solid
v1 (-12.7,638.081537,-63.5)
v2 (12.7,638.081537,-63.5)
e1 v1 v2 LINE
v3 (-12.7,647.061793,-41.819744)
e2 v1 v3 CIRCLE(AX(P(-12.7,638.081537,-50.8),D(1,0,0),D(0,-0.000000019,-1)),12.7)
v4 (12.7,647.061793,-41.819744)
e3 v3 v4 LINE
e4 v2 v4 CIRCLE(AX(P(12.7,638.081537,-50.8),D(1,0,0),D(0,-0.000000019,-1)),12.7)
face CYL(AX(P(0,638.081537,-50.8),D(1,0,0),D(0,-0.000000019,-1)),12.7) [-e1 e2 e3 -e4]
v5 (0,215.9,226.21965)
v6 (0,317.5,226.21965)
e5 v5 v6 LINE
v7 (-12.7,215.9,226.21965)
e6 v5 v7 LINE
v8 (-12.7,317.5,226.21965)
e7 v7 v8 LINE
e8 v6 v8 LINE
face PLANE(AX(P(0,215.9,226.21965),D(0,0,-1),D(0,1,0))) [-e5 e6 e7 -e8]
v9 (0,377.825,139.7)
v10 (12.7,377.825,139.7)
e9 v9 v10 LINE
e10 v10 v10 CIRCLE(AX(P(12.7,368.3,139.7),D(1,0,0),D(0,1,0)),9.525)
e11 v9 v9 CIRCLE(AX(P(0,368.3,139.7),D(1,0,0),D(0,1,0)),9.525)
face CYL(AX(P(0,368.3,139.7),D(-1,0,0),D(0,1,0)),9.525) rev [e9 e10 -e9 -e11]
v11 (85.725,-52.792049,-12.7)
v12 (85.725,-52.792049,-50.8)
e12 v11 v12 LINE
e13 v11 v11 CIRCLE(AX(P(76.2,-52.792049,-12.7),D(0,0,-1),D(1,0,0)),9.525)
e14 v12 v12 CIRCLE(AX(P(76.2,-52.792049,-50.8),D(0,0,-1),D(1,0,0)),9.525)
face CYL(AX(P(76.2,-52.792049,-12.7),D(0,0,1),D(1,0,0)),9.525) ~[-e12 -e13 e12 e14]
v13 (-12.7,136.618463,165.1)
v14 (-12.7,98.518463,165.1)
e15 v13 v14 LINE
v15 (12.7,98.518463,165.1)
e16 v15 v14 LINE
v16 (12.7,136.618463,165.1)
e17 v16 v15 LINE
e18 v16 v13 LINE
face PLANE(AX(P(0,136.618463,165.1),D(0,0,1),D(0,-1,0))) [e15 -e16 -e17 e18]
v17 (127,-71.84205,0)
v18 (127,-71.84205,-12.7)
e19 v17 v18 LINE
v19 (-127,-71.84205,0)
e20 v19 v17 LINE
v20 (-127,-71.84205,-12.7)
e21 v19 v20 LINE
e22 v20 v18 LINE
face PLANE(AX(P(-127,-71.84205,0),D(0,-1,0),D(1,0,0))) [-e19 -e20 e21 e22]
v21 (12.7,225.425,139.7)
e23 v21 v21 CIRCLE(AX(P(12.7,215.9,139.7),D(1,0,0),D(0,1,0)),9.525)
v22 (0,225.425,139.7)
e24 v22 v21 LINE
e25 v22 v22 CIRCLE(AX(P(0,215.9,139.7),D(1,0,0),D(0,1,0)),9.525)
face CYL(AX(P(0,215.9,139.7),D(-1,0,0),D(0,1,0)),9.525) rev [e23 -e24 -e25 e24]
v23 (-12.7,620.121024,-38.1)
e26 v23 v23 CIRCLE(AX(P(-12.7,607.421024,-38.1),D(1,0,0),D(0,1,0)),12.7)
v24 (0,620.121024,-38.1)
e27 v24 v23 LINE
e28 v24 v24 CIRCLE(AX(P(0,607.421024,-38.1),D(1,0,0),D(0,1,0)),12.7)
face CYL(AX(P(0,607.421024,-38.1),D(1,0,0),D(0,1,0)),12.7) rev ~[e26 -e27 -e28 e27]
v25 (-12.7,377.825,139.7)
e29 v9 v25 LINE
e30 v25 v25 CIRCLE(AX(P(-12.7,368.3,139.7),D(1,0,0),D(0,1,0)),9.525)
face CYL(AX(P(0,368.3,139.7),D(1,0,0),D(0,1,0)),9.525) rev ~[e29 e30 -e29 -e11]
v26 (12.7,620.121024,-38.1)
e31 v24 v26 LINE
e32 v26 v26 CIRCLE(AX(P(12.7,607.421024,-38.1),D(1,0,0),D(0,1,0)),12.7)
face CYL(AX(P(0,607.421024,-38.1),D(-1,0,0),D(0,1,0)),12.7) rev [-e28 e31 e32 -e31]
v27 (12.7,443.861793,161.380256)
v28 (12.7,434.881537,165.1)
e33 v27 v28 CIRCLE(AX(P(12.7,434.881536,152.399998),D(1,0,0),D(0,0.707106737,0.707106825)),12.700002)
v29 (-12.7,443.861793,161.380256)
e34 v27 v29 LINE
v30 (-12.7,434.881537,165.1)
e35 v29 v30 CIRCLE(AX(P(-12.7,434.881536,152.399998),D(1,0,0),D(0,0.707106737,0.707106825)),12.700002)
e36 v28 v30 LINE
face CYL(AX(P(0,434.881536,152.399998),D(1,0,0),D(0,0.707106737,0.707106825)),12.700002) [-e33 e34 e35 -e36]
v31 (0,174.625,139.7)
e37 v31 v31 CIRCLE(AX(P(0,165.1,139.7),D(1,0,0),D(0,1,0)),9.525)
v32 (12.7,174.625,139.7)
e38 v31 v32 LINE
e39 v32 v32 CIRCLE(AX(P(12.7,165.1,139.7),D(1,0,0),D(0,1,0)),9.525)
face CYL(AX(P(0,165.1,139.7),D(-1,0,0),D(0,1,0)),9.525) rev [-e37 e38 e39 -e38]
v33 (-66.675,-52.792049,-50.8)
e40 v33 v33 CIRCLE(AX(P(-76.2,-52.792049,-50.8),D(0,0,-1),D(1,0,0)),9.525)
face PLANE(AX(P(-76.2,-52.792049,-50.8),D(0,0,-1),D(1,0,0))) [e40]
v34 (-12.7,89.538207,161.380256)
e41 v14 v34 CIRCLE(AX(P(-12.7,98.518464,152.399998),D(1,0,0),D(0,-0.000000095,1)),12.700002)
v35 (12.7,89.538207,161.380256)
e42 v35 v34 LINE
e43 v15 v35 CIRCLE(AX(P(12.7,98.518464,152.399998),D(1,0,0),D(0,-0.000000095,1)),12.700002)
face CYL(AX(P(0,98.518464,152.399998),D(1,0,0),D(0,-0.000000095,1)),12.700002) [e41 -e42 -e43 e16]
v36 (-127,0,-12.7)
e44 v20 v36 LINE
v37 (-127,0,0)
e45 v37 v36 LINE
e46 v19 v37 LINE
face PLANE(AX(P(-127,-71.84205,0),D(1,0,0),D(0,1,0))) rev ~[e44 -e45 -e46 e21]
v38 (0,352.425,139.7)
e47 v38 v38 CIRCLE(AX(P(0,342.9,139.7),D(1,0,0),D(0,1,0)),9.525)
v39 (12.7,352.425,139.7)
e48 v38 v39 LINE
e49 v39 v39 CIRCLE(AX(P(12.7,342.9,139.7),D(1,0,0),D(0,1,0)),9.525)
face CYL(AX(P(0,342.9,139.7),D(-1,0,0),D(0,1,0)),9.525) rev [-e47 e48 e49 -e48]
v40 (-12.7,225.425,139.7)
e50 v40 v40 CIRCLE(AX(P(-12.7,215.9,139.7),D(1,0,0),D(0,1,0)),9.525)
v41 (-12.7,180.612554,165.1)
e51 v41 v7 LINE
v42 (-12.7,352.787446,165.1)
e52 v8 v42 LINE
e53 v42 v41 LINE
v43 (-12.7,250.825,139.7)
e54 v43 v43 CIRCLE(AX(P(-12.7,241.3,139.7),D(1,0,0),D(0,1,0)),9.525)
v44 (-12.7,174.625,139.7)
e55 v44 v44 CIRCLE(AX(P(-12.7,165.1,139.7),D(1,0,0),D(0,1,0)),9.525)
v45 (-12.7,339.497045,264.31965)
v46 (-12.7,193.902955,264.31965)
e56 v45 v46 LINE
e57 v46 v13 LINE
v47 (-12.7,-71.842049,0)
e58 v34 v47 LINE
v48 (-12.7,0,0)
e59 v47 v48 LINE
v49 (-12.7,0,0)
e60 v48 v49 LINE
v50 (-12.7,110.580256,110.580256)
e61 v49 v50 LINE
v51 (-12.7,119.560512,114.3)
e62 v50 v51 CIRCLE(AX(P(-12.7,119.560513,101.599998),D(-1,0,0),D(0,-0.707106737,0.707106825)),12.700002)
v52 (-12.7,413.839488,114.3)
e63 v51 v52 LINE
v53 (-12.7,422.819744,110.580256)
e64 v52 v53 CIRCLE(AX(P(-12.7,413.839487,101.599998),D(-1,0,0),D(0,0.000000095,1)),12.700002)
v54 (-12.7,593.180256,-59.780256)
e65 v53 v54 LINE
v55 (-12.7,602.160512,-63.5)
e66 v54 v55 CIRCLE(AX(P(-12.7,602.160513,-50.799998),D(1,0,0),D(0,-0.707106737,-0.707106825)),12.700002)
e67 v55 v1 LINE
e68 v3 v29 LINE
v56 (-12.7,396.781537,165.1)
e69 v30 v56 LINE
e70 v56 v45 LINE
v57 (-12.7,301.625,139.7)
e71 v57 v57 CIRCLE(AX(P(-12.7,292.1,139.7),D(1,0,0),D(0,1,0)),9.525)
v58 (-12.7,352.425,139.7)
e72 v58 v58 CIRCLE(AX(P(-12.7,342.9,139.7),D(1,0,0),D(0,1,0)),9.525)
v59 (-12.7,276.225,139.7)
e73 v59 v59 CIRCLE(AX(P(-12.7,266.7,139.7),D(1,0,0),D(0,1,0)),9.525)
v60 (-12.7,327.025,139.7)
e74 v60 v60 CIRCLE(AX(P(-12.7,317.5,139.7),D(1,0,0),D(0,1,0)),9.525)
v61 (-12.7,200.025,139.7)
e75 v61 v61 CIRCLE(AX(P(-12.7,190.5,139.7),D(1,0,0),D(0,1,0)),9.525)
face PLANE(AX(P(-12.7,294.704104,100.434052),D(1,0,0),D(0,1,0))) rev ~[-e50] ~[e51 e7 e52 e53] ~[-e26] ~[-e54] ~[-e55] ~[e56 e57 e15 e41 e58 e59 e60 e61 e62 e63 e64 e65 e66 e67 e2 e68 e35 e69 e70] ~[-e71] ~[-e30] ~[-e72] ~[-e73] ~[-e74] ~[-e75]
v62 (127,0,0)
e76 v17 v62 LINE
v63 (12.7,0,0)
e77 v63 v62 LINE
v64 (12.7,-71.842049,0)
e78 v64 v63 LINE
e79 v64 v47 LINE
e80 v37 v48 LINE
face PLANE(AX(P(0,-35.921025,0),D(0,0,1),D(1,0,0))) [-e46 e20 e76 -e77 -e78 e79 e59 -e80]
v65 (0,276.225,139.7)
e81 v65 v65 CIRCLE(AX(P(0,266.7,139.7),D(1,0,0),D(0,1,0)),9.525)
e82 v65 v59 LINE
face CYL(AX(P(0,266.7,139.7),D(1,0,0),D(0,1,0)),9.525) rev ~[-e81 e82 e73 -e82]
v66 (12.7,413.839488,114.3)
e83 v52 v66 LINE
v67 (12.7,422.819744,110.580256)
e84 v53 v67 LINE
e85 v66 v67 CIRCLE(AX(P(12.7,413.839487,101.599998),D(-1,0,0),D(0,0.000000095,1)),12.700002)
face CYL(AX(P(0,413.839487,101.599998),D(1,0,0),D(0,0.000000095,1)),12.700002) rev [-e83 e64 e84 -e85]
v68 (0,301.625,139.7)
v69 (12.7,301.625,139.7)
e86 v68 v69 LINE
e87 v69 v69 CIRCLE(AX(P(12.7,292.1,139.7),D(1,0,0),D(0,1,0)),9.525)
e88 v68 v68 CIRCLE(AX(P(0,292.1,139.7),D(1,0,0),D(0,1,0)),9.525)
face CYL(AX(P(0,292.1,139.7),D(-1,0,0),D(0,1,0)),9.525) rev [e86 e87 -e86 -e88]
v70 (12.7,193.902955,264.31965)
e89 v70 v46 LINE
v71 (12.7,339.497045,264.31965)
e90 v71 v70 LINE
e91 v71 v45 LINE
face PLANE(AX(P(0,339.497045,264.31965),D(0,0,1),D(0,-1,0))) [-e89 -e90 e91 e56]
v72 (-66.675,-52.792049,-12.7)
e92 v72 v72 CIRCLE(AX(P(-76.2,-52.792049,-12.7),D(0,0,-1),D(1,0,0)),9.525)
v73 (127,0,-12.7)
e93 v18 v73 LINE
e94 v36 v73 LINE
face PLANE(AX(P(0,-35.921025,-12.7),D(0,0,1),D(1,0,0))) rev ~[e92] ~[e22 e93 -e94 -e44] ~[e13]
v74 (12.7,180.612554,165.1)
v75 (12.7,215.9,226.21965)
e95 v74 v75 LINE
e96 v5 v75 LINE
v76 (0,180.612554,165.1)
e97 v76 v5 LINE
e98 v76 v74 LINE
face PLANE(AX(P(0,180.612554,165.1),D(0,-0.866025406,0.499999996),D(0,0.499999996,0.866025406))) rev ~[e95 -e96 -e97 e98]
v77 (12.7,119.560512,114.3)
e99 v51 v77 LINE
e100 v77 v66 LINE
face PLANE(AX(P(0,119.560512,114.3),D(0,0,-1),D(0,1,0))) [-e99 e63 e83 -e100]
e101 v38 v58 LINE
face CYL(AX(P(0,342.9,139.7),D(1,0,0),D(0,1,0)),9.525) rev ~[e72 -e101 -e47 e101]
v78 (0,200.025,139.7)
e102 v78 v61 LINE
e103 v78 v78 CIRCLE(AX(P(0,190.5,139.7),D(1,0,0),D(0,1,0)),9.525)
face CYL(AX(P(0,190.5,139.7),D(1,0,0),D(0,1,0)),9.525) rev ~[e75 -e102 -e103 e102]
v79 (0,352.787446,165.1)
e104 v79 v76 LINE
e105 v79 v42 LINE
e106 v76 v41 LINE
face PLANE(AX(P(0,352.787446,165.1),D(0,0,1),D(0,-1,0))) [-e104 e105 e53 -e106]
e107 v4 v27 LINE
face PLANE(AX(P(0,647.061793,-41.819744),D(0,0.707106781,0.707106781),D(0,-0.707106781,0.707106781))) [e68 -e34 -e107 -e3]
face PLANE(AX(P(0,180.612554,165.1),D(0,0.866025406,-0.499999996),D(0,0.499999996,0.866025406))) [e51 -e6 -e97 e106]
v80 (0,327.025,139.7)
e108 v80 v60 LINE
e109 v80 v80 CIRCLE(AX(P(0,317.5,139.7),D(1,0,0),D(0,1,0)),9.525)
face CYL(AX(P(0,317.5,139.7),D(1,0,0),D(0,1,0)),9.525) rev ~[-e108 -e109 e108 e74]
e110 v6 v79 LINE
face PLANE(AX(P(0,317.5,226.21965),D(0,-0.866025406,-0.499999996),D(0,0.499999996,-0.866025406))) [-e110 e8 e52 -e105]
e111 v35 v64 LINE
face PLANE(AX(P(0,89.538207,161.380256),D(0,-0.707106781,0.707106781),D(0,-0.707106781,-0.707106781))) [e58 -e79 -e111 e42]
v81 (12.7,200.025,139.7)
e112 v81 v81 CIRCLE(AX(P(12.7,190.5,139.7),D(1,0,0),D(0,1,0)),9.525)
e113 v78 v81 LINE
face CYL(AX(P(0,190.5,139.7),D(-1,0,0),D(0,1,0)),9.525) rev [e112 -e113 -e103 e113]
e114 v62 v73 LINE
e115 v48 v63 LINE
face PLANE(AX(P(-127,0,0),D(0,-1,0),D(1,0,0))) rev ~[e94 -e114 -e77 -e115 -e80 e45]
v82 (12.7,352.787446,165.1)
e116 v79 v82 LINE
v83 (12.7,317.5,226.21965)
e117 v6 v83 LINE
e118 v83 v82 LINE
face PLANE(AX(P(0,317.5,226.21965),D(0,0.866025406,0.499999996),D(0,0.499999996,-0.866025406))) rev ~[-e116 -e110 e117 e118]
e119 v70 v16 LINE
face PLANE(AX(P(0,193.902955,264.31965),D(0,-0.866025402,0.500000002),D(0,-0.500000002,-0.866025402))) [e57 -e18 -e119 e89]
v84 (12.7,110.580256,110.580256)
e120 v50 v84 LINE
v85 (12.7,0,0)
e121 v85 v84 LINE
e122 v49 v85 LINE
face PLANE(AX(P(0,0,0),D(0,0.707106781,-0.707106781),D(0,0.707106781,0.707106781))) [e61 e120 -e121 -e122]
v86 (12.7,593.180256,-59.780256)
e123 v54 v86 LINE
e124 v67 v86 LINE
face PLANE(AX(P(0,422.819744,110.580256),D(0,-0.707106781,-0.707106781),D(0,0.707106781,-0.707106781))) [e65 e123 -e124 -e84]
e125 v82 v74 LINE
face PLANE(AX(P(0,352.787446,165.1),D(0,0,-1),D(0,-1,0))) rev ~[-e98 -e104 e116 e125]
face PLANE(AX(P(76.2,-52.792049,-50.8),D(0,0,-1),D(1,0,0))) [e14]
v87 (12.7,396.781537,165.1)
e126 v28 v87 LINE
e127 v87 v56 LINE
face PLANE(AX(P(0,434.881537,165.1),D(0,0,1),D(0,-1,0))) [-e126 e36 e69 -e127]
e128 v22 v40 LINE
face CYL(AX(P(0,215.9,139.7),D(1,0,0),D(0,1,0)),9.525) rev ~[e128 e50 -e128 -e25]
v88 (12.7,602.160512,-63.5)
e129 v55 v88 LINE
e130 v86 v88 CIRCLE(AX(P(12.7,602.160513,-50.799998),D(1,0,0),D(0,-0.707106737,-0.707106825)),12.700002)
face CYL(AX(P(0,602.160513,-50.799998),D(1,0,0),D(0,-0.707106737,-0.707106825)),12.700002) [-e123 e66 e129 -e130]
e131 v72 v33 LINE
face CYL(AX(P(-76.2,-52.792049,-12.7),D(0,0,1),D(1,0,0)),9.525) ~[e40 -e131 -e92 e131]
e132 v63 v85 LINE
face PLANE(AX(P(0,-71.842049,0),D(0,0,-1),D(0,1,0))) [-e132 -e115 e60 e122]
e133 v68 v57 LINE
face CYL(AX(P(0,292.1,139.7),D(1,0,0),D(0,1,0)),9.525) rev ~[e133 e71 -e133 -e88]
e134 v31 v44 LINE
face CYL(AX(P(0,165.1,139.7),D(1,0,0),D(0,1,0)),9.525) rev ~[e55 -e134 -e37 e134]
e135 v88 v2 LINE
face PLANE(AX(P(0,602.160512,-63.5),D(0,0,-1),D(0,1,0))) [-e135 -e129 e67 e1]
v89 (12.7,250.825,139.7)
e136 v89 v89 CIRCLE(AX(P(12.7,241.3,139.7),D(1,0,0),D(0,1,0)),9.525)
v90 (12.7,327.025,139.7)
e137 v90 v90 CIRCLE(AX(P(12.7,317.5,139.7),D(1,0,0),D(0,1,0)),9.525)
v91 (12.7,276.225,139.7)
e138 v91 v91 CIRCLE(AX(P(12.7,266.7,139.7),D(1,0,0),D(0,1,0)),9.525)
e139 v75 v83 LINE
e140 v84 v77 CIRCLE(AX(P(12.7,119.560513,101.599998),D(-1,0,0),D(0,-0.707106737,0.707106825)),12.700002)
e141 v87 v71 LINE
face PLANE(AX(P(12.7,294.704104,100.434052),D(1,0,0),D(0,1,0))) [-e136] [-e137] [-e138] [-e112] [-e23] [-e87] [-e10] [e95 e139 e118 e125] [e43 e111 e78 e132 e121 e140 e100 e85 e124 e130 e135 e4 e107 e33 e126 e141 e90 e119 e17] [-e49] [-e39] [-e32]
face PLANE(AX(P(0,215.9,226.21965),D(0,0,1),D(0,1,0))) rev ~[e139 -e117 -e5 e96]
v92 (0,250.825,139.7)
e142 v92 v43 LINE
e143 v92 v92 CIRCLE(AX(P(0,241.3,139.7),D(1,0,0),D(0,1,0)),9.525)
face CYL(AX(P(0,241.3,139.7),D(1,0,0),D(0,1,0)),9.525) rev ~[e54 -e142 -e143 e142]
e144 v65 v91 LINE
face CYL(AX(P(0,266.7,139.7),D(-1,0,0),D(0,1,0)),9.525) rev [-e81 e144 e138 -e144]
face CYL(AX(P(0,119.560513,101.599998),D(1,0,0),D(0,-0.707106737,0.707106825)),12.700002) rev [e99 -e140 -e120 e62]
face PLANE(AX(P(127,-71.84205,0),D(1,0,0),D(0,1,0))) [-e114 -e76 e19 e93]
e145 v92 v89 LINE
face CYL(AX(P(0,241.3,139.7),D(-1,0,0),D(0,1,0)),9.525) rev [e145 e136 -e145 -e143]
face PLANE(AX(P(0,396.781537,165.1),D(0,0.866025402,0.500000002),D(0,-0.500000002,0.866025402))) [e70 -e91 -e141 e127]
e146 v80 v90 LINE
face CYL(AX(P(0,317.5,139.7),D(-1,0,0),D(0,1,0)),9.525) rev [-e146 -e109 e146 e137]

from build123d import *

# Parameters (mm, degrees)
F0_R          = 12.7
F0_R_2        = 9.525
F1_DEPTH      = 12.7
F1_DEPTH_BACK = 12.7
F2_W          = 254
F2_H          = 71.842049
F3_DEPTH      = 12.7
F4_R          = 9.525
F5_DEPTH      = 38.1


with BuildPart() as f1:
    # F0 (on Right) → F1 (new body, two sides)
    with BuildSketch(Plane.YZ) as f1_sk:
        with BuildLine():
            Line((-71.842049, 0), (0, 0))
            Line((0, 0), (110.580256, 110.580256))
            ThreePointArc((110.580256, 110.580256), (114.700433, 113.33327), (119.560512, 114.3))
            Line((119.560512, 114.3), (413.839488, 114.3))
            ThreePointArc((413.839488, 114.3), (418.699567, 113.33327), (422.819744, 110.580256))
            Line((422.819744, 110.580256), (593.180256, -59.780256))
            ThreePointArc((593.180256, -59.780256), (597.300433, -62.53327), (602.160512, -63.5))
            Line((602.160512, -63.5), (638.081537, -63.5))
            ThreePointArc((638.081537, -63.5), (649.814807, -55.66008), (647.061793, -41.819744))
            Line((647.061793, -41.819744), (443.861793, 161.380256))
            ThreePointArc((443.861793, 161.380256), (439.741616, 164.13327), (434.881537, 165.1))
            Line((434.881537, 165.1), (396.781537, 165.1))
            Line((396.781537, 165.1), (339.497045, 264.31965))
            Line((339.497045, 264.31965), (193.902955, 264.31965))
            Line((193.902955, 264.31965), (136.618463, 165.1))
            Line((136.618463, 165.1), (98.518463, 165.1))
            ThreePointArc((98.518463, 165.1), (93.658384, 164.13327), (89.538207, 161.380256))
            Line((89.538207, 161.380256), (-71.842049, 0))
        make_face()
        with Locations((607.421024, -38.1)):
            Circle(F0_R, mode=Mode.SUBTRACT)
        with Locations((165.1, 139.7)):
            Circle(F0_R_2, mode=Mode.SUBTRACT)
        with Locations((190.5, 139.7)):
            Circle(F0_R_2, mode=Mode.SUBTRACT)
        with Locations((215.9, 139.7)):
            Circle(F0_R_2, mode=Mode.SUBTRACT)
        with Locations((241.3, 139.7)):
            Circle(F0_R_2, mode=Mode.SUBTRACT)
        with Locations((266.7, 139.7)):
            Circle(F0_R_2, mode=Mode.SUBTRACT)
        Polygon((352.787446, 165.1), (180.612554, 165.1), (215.9, 226.21965), (317.5, 226.21965), align=None, mode=Mode.SUBTRACT)
        with Locations((292.1, 139.7)):
            Circle(F0_R_2, mode=Mode.SUBTRACT)
        with Locations((317.5, 139.7)):
            Circle(F0_R_2, mode=Mode.SUBTRACT)
        with Locations((342.9, 139.7)):
            Circle(F0_R_2, mode=Mode.SUBTRACT)
        with Locations((368.3, 139.7)):
            Circle(F0_R_2, mode=Mode.SUBTRACT)
    extrude(amount=F1_DEPTH)
    extrude(f1_sk.sketch, amount=-F1_DEPTH_BACK)

    # F2 (on Top) → F3 (join)
    with BuildSketch(Plane.XY):
        with Locations((0, -35.921025)):
            Rectangle(F2_W, F2_H)
    extrude(amount=-F3_DEPTH)

    # F4 (on face) → F5 (join)
    with BuildSketch(Plane(origin=(0, 0, -12.7), x_dir=(1, 0, 0), z_dir=(0, 0, -1))):
        with Locations((76.2, 52.792049)):
            Circle(F4_R)
        with Locations((-76.2, 52.792049)):
            Circle(F4_R)
    extrude(amount=F5_DEPTH)


solid = f1.part
